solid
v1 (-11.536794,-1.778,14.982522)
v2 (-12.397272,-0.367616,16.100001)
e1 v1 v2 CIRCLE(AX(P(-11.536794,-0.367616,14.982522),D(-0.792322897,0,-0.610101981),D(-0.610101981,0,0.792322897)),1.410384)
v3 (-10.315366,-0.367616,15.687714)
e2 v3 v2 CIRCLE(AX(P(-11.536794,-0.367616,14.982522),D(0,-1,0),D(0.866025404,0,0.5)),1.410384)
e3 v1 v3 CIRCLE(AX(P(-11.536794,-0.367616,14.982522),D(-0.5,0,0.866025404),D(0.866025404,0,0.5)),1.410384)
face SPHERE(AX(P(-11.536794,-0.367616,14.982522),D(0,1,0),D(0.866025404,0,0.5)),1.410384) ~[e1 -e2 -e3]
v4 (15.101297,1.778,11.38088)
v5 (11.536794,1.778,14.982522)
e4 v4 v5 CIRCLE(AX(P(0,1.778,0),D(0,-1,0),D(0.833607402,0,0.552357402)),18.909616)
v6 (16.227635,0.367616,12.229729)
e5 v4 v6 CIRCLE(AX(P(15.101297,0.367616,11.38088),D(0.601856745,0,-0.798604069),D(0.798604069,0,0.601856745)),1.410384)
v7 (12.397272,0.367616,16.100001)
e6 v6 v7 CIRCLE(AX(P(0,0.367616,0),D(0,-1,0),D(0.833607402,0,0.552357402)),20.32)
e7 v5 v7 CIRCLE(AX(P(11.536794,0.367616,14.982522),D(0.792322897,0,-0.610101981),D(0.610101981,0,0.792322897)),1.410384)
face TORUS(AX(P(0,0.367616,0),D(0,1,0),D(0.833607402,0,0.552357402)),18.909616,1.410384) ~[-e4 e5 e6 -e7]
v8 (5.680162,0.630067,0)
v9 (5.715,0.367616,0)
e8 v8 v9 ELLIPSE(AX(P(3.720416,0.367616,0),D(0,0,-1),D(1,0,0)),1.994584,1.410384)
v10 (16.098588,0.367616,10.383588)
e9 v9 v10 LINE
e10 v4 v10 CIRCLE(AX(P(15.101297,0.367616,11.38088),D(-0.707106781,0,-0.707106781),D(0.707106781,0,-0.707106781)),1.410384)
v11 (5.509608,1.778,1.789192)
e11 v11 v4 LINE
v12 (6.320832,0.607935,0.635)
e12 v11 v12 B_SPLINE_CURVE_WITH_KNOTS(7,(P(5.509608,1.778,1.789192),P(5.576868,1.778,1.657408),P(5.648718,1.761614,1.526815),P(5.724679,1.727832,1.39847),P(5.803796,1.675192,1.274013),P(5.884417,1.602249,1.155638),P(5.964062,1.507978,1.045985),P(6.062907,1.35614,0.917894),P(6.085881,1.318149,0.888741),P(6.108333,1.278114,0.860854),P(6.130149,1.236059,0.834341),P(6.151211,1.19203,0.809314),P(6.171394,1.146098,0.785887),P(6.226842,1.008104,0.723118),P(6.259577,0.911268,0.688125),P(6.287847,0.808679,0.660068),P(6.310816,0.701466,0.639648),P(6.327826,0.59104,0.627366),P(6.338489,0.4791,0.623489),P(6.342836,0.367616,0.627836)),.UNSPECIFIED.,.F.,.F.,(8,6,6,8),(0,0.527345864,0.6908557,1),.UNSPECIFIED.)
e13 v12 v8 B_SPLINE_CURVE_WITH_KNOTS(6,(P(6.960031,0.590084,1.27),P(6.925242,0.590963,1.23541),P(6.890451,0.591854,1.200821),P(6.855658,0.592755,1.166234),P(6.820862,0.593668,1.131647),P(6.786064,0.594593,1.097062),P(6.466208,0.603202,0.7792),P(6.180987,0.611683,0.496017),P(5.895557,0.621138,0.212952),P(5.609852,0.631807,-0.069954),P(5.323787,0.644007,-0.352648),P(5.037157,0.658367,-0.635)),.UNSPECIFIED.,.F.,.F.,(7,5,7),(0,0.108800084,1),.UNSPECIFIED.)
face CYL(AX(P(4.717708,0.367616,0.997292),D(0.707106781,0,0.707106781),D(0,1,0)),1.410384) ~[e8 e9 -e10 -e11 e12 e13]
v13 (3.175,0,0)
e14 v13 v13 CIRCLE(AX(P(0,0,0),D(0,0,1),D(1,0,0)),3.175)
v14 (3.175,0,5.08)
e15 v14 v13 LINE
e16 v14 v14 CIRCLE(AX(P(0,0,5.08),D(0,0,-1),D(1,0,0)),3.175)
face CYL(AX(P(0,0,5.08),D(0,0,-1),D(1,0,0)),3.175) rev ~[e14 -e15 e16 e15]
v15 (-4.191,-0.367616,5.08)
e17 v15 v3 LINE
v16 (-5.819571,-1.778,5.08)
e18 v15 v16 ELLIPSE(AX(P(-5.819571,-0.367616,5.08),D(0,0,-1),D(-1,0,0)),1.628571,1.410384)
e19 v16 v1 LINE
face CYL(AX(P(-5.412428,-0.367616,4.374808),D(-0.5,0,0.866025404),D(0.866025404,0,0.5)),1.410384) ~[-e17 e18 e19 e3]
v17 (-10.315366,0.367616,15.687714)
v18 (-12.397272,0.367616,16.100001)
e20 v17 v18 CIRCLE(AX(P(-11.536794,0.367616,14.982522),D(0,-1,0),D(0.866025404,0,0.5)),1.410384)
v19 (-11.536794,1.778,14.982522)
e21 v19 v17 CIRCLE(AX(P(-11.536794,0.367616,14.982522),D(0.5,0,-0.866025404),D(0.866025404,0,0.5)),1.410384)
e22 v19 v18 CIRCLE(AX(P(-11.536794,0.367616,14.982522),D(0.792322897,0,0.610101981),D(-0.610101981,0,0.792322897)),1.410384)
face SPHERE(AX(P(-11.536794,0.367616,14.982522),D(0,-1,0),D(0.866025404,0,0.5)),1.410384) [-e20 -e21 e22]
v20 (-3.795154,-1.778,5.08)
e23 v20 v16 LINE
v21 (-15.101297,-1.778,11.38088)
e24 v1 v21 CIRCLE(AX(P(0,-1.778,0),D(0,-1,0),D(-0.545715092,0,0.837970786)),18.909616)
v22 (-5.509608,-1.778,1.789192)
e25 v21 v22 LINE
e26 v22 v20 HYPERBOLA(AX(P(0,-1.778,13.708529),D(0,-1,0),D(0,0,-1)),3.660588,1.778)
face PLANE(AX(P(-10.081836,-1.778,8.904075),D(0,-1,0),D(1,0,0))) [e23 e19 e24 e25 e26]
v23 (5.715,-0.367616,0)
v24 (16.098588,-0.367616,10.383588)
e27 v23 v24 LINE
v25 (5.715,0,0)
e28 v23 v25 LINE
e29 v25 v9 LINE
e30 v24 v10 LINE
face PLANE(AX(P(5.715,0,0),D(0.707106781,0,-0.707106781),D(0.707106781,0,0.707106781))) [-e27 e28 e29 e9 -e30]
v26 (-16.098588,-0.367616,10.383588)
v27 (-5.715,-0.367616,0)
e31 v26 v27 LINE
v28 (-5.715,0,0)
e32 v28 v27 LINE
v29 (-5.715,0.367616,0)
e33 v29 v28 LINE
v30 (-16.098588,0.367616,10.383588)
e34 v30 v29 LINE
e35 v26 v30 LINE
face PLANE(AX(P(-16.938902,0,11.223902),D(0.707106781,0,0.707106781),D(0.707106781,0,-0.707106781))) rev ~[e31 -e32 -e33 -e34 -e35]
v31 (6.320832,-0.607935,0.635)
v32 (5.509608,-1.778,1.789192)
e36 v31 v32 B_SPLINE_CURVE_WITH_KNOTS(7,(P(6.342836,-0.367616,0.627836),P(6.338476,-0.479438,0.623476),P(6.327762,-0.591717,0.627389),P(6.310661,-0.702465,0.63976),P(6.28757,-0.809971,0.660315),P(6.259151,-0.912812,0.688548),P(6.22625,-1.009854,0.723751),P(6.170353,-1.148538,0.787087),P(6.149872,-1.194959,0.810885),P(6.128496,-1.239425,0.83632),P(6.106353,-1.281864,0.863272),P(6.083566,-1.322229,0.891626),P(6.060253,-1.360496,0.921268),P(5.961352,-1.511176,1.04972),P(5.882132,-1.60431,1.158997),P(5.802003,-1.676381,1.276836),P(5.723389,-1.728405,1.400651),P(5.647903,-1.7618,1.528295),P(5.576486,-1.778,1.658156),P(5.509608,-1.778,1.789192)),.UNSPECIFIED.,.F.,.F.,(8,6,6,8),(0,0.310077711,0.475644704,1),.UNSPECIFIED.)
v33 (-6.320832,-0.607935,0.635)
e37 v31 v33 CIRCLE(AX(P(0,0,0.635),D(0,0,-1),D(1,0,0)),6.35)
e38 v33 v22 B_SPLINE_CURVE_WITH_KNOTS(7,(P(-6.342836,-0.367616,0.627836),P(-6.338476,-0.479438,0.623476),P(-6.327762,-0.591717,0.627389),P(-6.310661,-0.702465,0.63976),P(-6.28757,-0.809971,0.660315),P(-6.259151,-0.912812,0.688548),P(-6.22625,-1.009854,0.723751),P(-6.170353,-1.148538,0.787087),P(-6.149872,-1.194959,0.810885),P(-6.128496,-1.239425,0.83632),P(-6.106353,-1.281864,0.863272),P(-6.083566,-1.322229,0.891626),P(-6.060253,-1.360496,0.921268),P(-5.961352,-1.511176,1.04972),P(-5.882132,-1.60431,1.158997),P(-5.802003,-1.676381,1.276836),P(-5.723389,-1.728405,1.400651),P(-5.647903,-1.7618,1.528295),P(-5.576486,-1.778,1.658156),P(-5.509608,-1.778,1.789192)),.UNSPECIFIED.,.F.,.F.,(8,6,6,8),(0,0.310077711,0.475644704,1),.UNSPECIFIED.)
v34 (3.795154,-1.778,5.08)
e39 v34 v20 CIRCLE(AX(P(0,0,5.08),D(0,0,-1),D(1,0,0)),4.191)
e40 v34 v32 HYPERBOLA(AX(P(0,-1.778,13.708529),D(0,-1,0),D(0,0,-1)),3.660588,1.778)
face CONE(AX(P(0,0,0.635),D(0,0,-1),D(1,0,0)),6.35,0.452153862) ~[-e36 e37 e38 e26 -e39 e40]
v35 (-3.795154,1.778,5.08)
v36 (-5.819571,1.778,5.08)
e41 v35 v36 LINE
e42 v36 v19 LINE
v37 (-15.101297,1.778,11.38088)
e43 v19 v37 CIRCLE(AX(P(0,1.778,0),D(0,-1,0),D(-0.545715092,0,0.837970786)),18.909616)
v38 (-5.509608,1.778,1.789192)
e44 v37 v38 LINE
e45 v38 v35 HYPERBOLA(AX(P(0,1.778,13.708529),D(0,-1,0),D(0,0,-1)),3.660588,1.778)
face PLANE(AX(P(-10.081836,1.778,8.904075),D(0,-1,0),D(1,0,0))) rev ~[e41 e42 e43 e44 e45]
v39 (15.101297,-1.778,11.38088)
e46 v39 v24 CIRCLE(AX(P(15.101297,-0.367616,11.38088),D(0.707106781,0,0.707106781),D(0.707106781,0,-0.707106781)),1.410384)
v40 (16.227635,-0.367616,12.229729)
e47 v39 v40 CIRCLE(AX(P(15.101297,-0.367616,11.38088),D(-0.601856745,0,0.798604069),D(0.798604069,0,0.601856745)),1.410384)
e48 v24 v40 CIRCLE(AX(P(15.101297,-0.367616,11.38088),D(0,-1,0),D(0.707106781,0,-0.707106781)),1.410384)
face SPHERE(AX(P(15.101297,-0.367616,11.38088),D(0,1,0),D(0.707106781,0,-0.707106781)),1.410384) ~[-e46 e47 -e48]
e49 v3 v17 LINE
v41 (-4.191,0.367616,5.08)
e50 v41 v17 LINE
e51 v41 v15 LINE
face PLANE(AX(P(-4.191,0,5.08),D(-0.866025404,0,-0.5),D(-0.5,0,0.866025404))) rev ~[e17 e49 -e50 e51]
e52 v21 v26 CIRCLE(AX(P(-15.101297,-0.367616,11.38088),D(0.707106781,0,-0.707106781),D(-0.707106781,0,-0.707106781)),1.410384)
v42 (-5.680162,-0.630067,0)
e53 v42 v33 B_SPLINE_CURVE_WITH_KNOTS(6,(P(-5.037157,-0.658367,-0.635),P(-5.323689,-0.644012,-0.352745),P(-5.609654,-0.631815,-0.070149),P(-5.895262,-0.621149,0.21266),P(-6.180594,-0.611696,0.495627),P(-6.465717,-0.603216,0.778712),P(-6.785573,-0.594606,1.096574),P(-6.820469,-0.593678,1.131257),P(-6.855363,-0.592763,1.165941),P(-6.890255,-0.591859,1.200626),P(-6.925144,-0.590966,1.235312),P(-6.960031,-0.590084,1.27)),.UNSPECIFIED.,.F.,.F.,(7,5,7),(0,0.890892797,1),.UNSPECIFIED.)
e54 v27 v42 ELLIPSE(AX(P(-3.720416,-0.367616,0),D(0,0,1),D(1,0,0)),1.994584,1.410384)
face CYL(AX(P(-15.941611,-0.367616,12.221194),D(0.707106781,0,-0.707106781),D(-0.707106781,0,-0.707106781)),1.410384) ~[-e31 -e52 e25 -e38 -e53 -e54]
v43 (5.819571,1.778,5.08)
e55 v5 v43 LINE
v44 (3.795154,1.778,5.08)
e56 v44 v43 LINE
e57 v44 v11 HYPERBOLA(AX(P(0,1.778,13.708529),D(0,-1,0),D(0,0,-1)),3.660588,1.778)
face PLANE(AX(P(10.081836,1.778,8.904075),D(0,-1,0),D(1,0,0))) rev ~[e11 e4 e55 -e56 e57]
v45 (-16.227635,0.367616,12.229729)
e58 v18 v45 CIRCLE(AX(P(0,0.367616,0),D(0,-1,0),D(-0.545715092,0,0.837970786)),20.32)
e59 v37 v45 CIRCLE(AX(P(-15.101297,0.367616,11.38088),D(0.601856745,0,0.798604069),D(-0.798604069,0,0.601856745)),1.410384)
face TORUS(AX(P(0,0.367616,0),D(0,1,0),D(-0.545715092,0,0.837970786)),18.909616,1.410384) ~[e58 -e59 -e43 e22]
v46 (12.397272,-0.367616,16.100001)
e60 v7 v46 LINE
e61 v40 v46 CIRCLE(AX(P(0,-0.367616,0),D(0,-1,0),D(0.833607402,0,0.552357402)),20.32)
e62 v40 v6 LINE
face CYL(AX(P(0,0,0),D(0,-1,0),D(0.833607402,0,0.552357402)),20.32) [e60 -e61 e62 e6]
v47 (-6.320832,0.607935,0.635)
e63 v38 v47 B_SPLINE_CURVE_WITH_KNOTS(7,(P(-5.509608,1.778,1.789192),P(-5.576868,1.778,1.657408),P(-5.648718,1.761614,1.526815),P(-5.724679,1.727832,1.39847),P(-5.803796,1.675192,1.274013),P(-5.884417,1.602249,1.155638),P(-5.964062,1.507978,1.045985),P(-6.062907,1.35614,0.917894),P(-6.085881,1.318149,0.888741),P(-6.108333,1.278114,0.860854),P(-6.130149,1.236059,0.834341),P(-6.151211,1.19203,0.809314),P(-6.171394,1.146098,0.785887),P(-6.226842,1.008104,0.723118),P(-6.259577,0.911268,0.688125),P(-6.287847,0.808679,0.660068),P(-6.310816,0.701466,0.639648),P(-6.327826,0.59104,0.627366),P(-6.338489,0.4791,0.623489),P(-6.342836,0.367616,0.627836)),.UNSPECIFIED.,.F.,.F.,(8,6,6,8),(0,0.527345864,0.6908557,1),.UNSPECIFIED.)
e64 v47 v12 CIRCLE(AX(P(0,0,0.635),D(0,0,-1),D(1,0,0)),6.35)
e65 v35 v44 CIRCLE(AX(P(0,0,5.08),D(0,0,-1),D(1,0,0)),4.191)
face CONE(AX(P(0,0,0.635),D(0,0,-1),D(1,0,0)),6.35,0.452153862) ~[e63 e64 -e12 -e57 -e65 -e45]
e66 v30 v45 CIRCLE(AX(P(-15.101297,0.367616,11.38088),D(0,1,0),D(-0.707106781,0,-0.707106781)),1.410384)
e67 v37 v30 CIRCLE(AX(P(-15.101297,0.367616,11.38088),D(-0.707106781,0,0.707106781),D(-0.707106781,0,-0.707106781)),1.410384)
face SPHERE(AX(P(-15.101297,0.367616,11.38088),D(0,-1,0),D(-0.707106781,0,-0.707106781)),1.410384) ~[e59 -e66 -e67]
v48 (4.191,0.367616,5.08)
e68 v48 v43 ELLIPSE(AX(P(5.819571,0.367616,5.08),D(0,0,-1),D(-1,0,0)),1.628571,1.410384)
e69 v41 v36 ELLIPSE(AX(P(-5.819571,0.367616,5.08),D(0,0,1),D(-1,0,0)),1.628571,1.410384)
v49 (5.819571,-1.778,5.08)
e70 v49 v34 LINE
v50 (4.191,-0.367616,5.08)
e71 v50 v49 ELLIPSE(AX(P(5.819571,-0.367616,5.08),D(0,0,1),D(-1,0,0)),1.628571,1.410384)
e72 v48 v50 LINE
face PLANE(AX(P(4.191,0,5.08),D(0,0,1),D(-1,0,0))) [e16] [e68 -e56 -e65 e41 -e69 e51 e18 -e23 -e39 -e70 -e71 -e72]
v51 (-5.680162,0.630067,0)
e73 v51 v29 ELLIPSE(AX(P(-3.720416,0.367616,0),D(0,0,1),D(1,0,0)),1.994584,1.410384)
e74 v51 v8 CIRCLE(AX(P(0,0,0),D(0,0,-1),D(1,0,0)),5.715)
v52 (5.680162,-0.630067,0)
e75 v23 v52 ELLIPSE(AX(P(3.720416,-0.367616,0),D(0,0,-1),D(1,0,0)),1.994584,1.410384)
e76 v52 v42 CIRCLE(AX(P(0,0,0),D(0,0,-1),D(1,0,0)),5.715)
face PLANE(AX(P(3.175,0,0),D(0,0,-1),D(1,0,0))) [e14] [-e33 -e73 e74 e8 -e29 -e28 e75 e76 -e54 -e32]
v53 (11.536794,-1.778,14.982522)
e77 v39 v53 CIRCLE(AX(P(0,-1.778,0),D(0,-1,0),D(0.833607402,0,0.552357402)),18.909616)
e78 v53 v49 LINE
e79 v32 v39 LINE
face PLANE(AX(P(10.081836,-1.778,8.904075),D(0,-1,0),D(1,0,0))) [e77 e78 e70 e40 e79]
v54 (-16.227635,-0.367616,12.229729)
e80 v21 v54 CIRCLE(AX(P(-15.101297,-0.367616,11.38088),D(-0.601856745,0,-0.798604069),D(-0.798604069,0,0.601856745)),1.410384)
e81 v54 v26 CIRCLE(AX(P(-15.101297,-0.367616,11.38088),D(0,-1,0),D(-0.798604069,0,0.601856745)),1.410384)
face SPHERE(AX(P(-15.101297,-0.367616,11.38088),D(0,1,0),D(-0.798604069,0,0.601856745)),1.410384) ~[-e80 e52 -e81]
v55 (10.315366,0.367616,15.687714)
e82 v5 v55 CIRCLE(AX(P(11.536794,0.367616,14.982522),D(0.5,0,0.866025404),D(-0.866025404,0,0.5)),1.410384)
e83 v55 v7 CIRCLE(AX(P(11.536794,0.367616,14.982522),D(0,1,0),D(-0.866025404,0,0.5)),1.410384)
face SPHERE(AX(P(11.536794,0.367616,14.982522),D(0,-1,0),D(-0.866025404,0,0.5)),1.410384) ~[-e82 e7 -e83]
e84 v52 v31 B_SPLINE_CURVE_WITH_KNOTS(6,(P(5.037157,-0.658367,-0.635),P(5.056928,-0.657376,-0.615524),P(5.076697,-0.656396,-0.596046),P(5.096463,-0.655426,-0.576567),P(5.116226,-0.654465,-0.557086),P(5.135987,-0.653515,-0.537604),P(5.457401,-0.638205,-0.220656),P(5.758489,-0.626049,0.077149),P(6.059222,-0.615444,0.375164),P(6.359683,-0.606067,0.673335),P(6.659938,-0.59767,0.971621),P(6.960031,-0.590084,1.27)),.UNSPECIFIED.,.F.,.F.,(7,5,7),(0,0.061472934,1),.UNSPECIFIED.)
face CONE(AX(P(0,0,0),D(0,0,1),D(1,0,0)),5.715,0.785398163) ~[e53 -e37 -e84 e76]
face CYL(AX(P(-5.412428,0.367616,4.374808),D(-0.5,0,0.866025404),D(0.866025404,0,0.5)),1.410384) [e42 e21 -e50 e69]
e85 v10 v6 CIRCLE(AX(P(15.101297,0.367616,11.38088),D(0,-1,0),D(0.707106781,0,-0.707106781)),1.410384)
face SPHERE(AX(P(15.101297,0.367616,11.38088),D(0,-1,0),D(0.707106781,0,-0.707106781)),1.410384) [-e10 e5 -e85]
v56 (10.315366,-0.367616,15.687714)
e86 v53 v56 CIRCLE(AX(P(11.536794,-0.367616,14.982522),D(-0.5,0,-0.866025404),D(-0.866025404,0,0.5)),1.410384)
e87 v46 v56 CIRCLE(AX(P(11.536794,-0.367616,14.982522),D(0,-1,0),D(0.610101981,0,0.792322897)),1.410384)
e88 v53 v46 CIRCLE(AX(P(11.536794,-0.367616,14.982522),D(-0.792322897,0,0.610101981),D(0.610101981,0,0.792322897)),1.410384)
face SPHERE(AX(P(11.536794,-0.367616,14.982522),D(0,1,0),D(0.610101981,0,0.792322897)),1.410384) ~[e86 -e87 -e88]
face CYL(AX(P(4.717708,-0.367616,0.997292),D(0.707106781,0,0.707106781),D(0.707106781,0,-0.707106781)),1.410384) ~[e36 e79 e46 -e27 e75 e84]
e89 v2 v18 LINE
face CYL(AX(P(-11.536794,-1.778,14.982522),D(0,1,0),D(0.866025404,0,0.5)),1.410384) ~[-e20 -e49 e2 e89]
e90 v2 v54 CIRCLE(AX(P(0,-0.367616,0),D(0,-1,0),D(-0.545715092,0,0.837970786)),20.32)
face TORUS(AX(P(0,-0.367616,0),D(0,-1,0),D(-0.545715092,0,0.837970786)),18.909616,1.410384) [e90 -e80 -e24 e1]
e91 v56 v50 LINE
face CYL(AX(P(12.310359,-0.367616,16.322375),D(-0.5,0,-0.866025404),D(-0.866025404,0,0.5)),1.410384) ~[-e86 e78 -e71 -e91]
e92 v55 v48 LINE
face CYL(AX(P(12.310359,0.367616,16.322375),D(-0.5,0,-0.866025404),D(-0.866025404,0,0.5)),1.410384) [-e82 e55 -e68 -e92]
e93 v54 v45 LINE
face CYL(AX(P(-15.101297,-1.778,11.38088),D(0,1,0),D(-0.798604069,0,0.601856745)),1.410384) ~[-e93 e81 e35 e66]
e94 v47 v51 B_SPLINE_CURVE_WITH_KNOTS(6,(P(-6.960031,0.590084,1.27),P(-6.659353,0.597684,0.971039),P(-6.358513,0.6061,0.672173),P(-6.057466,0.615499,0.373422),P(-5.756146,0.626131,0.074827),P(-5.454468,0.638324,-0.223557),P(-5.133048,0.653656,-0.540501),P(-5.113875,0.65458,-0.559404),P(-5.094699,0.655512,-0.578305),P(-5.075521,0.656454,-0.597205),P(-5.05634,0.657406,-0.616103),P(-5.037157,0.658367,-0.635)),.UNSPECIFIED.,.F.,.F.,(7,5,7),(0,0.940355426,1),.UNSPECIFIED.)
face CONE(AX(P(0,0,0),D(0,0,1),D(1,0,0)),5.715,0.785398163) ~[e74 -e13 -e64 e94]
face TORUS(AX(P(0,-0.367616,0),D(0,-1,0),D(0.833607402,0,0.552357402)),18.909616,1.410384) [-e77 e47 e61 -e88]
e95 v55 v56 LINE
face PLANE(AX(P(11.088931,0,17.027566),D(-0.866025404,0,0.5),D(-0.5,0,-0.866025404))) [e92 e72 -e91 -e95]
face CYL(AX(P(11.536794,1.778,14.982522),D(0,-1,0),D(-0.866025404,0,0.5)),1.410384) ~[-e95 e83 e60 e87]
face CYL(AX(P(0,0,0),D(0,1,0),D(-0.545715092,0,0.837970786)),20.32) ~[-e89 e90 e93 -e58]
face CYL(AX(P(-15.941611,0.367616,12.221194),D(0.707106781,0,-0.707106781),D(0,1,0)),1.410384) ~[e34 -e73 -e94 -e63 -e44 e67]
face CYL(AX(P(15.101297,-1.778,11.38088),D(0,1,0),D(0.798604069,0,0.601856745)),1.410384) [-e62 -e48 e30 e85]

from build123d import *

# Parameters (mm, degrees)
F3_DEPTH = 1.778
F4_R     = 1.4103835631


with BuildPart() as f1:
    # F0 (on Front) → F1 (revolve)
    with BuildSketch(Plane.XZ):
        Polygon((3.175, 5.08), (3.175, 0), (5.715, 0), (6.35, 0.635), (4.191, 5.08), align=None)
    revolve(axis=Axis((0, 0, -0.1242621523), (0, 0, -1)))

    # F2 (on Front) → F3 (join, symmetric)
    with BuildSketch(Plane.XZ):
        with BuildLine():
            Line((-16.9389024071, 11.2239024071), (-6.35, 0.635))
            Line((-6.35, 0.635), (-4.191, 5.08))
            Line((-4.191, 5.08), (-11.088930664, 17.0275663772))
            ThreePointArc((-11.088930664, 17.0275663772), (-14.3112014008, 14.4253913106), (-16.9389024071, 11.2239024071))
        make_face()
        with BuildLine():
            ThreePointArc((16.9389024071, 11.2239024071), (14.3112014008, 14.4253913106), (11.088930664, 17.0275663772))
            Line((11.088930664, 17.0275663772), (4.191, 5.08))
            Line((4.191, 5.08), (6.35, 0.635))
            Line((6.35, 0.635), (16.9389024071, 11.2239024071))
        make_face()
        Polygon((-4.191, 5.08), (-6.35, 0.635), (-5.715, 0), (-3.175, 0), (-3.175, 5.08), align=None)
        Polygon((4.191, 5.08), (3.175, 5.08), (3.175, 0), (5.715, 0), (6.35, 0.635), align=None)
    extrude(amount=F3_DEPTH, both=True)

    # F4 (call 1 of 2: OpenCascade refuses the feature's edges together)
    f4_edges = [f1.edges().sort_by_distance(p)[0] for p in [
        (-7.639965, -1.778, 11.053783),
        (-11.326951, -1.778, 5.611951),
        (-11.326951, 1.778, 5.611951),
        (-7.639965, 1.778, 11.053783),
        (-14.311201, 1.778, 14.425391),
        (-16.938902, 0, 11.223902),
        (-14.311201, -1.778, 14.425391),
        (-11.088931, 0, 17.027566),
    ]]
    fillet(f4_edges, radius=F4_R)

    # F4#2 (call 2 of 2)
    f4_2_edges = [f1.edges().sort_by_distance(p)[0] for p in [
        (11.326951, 1.778, 5.611951),
        (11.326951, -1.778, 5.611951),
        (14.311201, 1.778, 14.425391),
        (11.088931, 0, 17.027566),
        (14.311201, -1.778, 14.425391),
        (16.938902, 0, 11.223902),
        (7.639965, 1.778, 11.053783),
        (7.639965, -1.778, 11.053783),
    ]]
    fillet(f4_2_edges, radius=F4_R)


solid = f1.part
